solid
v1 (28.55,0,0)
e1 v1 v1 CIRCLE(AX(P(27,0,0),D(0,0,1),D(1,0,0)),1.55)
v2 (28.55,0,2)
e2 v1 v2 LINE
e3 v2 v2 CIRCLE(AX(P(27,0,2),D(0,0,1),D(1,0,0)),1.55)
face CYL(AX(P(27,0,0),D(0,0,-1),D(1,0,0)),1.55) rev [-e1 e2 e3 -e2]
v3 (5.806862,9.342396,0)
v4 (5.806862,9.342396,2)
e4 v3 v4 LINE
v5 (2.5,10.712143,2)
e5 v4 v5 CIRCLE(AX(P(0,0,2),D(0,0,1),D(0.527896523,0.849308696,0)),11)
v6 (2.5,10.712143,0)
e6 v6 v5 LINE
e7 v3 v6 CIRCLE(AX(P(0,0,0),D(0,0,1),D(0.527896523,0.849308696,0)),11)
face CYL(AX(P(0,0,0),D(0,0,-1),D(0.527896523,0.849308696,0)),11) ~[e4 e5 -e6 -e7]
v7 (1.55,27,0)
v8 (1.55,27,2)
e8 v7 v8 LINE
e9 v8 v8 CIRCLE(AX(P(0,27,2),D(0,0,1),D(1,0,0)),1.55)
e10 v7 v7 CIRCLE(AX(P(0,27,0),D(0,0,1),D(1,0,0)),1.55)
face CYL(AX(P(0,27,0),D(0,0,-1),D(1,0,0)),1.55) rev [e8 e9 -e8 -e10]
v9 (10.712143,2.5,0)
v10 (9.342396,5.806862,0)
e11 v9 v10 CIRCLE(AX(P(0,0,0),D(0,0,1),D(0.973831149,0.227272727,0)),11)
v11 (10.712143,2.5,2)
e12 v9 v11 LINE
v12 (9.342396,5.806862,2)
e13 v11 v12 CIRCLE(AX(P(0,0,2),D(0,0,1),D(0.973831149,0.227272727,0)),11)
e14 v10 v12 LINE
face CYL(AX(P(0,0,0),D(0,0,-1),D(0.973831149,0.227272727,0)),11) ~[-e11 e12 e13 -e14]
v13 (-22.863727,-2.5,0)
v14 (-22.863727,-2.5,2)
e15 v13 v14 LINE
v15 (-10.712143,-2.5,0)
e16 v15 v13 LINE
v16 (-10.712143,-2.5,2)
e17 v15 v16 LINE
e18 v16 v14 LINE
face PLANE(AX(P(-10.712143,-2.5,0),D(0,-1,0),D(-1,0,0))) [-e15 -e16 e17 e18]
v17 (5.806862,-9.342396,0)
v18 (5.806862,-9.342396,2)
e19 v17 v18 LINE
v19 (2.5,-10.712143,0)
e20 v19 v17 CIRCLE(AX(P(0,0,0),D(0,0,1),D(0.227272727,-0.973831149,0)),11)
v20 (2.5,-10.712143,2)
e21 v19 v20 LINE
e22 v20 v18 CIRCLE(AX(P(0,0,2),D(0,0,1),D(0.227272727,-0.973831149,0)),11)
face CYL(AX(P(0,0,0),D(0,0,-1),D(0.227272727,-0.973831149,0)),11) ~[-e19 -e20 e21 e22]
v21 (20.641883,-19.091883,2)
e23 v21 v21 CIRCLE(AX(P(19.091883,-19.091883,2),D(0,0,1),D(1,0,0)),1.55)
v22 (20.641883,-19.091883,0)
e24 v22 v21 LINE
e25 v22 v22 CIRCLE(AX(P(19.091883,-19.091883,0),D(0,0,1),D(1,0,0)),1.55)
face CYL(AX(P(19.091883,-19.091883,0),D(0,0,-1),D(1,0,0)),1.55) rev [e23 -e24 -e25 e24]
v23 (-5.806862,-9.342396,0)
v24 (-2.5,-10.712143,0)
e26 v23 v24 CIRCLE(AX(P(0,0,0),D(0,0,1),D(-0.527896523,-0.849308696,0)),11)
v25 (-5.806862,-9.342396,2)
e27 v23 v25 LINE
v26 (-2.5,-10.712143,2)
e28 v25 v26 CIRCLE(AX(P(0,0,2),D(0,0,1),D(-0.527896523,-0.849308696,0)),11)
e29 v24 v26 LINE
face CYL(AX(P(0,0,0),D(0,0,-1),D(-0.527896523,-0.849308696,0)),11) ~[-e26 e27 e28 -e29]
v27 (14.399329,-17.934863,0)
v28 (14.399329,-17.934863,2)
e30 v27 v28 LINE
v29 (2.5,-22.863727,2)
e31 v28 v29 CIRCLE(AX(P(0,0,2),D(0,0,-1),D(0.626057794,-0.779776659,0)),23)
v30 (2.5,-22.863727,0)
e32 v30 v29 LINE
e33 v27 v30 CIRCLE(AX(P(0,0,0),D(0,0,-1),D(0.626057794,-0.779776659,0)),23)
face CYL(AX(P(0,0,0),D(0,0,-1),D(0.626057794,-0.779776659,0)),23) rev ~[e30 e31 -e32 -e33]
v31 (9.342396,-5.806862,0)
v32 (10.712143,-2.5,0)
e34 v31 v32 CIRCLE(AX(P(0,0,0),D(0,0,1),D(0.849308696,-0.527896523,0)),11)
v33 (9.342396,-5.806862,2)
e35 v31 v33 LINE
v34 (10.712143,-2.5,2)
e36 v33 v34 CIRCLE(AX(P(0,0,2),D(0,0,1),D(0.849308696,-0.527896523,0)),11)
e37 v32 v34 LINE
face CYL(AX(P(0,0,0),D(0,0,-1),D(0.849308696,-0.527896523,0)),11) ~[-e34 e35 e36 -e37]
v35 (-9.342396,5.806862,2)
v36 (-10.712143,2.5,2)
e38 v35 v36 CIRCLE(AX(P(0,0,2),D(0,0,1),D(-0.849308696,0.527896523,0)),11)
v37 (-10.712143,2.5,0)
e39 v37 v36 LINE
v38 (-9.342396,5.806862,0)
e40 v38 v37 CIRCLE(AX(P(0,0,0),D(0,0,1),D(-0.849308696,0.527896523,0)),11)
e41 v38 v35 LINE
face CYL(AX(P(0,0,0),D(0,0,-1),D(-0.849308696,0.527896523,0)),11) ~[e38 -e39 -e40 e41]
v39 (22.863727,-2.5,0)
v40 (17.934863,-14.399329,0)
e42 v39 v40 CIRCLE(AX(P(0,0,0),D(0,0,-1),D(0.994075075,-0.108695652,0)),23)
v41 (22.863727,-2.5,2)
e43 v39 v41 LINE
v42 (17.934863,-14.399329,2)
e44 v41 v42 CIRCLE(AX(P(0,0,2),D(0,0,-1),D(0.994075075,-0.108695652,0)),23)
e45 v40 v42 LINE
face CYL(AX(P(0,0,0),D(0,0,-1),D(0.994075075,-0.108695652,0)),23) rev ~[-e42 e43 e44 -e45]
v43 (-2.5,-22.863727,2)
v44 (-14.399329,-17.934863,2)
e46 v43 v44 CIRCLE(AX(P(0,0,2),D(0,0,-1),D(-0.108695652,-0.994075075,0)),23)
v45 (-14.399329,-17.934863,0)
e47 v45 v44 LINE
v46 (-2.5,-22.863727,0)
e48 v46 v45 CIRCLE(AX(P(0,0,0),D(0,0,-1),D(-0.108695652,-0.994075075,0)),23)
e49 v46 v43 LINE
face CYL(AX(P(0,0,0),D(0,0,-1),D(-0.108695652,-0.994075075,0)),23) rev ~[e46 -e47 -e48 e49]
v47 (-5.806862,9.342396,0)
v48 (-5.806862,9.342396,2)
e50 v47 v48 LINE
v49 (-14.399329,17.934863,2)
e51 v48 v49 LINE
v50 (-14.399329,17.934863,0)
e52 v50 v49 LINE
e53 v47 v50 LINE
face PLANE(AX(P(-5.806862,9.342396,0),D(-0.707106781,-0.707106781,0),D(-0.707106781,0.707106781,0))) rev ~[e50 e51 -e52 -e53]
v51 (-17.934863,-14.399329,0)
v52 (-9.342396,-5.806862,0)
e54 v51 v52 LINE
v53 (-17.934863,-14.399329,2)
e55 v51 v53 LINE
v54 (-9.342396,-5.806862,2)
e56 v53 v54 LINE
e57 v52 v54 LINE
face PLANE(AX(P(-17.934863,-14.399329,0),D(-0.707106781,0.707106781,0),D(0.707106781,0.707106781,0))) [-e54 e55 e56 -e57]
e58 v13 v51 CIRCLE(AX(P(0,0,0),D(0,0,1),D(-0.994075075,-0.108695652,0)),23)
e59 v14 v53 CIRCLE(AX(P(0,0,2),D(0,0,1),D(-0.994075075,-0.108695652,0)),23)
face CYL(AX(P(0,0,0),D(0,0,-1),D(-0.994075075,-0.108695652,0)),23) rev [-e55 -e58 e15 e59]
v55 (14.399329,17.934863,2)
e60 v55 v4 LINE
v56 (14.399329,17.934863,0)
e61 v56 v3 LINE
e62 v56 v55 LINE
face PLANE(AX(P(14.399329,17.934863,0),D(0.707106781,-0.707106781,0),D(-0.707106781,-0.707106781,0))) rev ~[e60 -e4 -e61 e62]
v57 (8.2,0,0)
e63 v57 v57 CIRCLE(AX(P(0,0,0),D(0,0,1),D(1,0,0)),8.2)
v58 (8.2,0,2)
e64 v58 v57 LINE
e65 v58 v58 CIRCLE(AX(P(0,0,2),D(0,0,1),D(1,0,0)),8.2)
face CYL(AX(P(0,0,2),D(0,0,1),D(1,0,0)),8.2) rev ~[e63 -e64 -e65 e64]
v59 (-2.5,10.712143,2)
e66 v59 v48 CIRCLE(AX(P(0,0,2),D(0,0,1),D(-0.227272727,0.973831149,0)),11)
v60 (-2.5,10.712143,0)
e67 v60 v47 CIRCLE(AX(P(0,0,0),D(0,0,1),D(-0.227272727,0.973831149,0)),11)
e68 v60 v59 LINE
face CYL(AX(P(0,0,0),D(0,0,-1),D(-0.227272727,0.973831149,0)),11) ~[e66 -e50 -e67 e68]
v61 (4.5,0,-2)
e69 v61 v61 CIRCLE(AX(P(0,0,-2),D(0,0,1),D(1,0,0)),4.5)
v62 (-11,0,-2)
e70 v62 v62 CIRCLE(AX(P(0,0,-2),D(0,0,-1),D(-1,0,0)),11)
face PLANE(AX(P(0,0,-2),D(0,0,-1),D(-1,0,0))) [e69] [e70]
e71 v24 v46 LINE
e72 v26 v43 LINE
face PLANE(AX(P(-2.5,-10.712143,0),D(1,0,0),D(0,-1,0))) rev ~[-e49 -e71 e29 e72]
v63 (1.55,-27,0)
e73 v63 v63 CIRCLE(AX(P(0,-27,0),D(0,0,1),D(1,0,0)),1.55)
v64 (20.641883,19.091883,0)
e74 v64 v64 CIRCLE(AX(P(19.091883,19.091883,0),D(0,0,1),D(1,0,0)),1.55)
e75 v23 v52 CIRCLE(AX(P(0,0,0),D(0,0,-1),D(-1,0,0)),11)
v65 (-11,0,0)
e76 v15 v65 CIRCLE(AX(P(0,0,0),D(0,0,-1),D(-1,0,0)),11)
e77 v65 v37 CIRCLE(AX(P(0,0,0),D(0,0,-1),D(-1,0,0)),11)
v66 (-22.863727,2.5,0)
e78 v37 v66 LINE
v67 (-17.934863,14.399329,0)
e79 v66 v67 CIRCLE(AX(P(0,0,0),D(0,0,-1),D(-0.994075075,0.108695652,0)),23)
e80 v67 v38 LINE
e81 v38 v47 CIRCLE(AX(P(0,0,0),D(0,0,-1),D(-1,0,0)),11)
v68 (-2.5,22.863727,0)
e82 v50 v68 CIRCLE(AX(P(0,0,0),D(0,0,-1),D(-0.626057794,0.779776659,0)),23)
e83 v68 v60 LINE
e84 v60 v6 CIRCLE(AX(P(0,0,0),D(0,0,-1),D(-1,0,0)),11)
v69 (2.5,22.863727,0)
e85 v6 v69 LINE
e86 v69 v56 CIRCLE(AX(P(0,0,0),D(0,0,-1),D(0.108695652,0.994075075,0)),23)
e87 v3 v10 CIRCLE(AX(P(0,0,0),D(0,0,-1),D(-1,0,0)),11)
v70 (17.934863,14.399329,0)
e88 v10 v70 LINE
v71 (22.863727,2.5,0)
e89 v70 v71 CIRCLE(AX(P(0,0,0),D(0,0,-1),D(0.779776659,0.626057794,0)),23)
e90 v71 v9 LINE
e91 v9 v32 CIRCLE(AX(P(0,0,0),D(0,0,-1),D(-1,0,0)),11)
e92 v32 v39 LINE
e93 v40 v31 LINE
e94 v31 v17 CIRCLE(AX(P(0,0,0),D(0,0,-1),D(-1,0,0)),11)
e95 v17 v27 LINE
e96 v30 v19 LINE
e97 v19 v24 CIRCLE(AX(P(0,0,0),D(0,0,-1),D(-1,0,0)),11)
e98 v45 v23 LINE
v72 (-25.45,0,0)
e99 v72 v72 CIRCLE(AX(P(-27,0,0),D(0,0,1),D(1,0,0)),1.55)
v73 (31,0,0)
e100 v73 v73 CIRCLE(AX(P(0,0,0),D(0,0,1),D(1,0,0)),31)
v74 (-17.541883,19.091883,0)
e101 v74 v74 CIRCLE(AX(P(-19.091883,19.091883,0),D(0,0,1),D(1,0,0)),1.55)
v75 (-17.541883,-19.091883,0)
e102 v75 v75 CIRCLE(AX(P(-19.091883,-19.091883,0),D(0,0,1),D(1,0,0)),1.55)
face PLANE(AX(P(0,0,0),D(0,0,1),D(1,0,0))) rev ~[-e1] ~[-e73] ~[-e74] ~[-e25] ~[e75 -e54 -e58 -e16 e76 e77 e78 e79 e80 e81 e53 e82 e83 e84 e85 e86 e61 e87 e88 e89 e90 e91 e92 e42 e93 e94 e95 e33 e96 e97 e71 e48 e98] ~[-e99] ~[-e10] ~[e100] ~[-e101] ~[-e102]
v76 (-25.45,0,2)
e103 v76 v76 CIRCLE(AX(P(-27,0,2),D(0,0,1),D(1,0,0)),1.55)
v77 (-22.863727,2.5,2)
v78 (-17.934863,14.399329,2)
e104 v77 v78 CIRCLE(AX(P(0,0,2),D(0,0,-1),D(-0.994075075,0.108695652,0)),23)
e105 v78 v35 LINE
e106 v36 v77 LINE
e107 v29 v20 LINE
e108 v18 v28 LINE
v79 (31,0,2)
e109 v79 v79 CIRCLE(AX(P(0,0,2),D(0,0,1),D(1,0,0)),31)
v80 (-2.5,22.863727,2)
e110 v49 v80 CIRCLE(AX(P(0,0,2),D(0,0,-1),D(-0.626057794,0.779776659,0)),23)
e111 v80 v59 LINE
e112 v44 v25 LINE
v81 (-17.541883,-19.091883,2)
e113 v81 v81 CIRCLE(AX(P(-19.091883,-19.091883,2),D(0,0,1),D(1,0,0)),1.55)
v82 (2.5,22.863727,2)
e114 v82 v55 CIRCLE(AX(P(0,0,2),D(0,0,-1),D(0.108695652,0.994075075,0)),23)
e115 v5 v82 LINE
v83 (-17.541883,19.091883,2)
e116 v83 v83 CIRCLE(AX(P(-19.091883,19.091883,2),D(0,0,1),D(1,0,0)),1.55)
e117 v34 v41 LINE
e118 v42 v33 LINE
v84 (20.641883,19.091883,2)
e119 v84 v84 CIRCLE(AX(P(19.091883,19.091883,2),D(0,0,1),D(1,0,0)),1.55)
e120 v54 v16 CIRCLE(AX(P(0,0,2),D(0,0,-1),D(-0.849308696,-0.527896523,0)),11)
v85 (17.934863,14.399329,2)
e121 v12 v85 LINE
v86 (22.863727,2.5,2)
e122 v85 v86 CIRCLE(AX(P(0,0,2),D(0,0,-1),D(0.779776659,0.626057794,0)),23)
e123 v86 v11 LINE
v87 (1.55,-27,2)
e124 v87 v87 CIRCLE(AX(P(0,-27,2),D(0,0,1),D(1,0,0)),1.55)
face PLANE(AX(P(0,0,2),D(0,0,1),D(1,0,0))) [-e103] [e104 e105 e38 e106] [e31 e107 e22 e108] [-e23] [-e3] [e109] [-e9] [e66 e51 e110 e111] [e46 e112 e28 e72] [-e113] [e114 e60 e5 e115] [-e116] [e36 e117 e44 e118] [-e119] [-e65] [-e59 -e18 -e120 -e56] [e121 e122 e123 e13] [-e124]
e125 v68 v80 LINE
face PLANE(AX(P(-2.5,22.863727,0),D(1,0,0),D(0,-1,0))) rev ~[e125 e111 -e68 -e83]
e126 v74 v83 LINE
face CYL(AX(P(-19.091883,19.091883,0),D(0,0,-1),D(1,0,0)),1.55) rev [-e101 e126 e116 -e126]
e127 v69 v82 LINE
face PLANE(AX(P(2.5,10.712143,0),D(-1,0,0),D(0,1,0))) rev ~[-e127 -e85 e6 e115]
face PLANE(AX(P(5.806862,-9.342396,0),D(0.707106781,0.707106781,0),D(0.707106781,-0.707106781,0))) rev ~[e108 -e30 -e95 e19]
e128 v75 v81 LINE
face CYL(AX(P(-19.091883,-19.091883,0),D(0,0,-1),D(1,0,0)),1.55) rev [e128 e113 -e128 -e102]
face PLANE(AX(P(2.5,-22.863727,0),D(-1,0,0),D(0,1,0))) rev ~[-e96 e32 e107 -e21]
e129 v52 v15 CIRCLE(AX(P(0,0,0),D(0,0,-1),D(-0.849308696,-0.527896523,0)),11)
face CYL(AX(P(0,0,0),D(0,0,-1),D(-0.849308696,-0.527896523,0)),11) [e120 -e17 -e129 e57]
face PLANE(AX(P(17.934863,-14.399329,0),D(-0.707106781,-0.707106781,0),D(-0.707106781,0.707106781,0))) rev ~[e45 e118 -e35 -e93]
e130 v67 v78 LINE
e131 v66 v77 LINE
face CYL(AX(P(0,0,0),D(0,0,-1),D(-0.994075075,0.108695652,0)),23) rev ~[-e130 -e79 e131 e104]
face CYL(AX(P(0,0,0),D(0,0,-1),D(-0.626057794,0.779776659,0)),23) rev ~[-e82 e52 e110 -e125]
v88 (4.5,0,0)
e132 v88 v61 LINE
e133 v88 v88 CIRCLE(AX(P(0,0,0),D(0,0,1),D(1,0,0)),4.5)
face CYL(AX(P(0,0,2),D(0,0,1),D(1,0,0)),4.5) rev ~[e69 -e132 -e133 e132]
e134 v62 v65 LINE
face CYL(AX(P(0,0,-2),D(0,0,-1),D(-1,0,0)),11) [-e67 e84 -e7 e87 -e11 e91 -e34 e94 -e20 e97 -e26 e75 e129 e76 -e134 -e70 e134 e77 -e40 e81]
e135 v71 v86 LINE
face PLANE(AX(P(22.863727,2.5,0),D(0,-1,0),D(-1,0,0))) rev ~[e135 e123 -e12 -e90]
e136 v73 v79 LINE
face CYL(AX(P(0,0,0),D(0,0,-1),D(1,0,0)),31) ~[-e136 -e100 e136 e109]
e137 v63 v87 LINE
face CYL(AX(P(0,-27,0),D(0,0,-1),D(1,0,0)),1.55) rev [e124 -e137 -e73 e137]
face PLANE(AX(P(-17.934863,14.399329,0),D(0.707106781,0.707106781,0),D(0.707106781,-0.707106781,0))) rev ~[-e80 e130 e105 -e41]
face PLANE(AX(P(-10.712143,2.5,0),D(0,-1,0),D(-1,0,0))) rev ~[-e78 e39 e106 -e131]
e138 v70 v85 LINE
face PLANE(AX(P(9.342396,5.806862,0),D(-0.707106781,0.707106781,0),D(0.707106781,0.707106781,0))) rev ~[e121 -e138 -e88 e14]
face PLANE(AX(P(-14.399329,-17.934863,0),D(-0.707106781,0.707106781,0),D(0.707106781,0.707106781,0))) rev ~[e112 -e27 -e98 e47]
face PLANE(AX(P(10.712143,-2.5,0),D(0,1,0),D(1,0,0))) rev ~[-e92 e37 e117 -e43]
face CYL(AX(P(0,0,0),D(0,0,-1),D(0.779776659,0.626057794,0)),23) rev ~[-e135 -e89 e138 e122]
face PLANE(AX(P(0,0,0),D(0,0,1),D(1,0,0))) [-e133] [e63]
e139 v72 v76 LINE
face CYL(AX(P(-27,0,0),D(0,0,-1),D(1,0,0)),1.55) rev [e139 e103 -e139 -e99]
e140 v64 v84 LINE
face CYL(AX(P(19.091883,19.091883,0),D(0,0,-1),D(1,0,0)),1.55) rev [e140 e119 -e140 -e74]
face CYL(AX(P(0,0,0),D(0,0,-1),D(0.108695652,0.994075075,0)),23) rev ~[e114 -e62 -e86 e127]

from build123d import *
from build123d.topology import SkipClean

# Parameters (mm, degrees)
SKETCH1_R           = 31
SKETCH1_R_2         = 1.55
BOSS_EXTRUDE1_DEPTH = 2
BOSS_EXTRUDE2_START = 2
SKETCH3_R           = 11
BOSS_EXTRUDE2_DEPTH = 2
SKETCH4_R           = 4.5
CUT_EXTRUDE2_DEPTH  = 4
SKETCH2_R           = 8.2
CUT_EXTRUDE1_DEPTH  = 2


with BuildPart() as part:
    # Sketch1 → Boss-Extrude1 (new body)
    with BuildSketch(Plane.XY):
        Circle(SKETCH1_R)
        with Locations((-27, 0)):
            Circle(SKETCH1_R_2, mode=Mode.SUBTRACT)
        with Locations((-19.091883092, 19.091883092)):
            Circle(SKETCH1_R_2, mode=Mode.SUBTRACT)
        with Locations((0, 27)):
            Circle(SKETCH1_R_2, mode=Mode.SUBTRACT)
        with Locations((19.091883092, 19.091883092)):
            Circle(SKETCH1_R_2, mode=Mode.SUBTRACT)
        with Locations((27, 0)):
            Circle(SKETCH1_R_2, mode=Mode.SUBTRACT)
        with Locations((19.091883092, -19.091883092)):
            Circle(SKETCH1_R_2, mode=Mode.SUBTRACT)
        with Locations((0, -27)):
            Circle(SKETCH1_R_2, mode=Mode.SUBTRACT)
        with Locations((-19.091883092, -19.091883092)):
            Circle(SKETCH1_R_2, mode=Mode.SUBTRACT)
        with BuildLine():
            Line((-10.712142643, 2.5), (-22.86372673, 2.5))
            ThreePointArc((-22.86372673, 2.5), (-21.249229248, 8.801718944), (-17.934863167, 14.399329261))
            Line((-17.934863167, 14.399329261), (-9.342395657, 5.806861751))
            ThreePointArc((-9.342395657, 5.806861751), (-10.162674858, 4.209517756), (-10.712142643, 2.5))
        make_face(mode=Mode.SUBTRACT)
        with BuildLine():
            Line((-10.712142643, -2.5), (-22.86372673, -2.5))
            ThreePointArc((-22.86372673, -2.5), (-21.249229248, -8.801718944), (-17.934863167, -14.399329261))
            Line((-17.934863167, -14.399329261), (-9.342395657, -5.806861751))
            ThreePointArc((-9.342395657, -5.806861751), (-10.162674858, -4.209517756), (-10.712142643, -2.5))
        make_face(mode=Mode.SUBTRACT)
        with BuildLine():
            Line((-5.806861751, 9.342395657), (-14.399329261, 17.934863167))
            ThreePointArc((-14.399329261, 17.934863167), (-8.801718944, 21.249229248), (-2.5, 22.86372673))
            Line((-2.5, 22.86372673), (-2.5, 10.712142643))
            ThreePointArc((-2.5, 10.712142643), (-4.209517756, 10.162674858), (-5.806861751, 9.342395657))
        make_face(mode=Mode.SUBTRACT)
        with BuildLine():
            Line((2.5, 10.712142643), (2.5, 22.86372673))
            ThreePointArc((2.5, 22.86372673), (8.801718944, 21.249229248), (14.399329261, 17.934863167))
            Line((14.399329261, 17.934863167), (5.806861751, 9.342395657))
            ThreePointArc((5.806861751, 9.342395657), (4.209517756, 10.162674858), (2.5, 10.712142643))
        make_face(mode=Mode.SUBTRACT)
        with BuildLine():
            Line((9.342395657, 5.806861751), (17.934863167, 14.399329261))
            ThreePointArc((17.934863167, 14.399329261), (21.249229248, 8.801718944), (22.86372673, 2.5))
            Line((22.86372673, 2.5), (10.712142643, 2.5))
            ThreePointArc((10.712142643, 2.5), (10.162674858, 4.209517756), (9.342395657, 5.806861751))
        make_face(mode=Mode.SUBTRACT)
        with BuildLine():
            Line((10.712142643, -2.5), (22.86372673, -2.5))
            ThreePointArc((22.86372673, -2.5), (21.249229248, -8.801718944), (17.934863167, -14.399329261))
            Line((17.934863167, -14.399329261), (9.342395657, -5.806861751))
            ThreePointArc((9.342395657, -5.806861751), (10.162674858, -4.209517756), (10.712142643, -2.5))
        make_face(mode=Mode.SUBTRACT)
        with BuildLine():
            Line((5.806861751, -9.342395657), (14.399329261, -17.934863167))
            ThreePointArc((14.399329261, -17.934863167), (8.801718944, -21.249229248), (2.5, -22.86372673))
            Line((2.5, -22.86372673), (2.5, -10.712142643))
            ThreePointArc((2.5, -10.712142643), (4.209517756, -10.162674858), (5.806861751, -9.342395657))
        make_face(mode=Mode.SUBTRACT)
        with BuildLine():
            Line((-2.5, -10.712142643), (-2.5, -22.86372673))
            ThreePointArc((-2.5, -22.86372673), (-8.801718944, -21.249229248), (-14.399329261, -17.934863167))
            Line((-14.399329261, -17.934863167), (-5.806861751, -9.342395657))
            ThreePointArc((-5.806861751, -9.342395657), (-4.209517756, -10.162674858), (-2.5, -10.712142643))
        make_face(mode=Mode.SUBTRACT)
    extrude(amount=BOSS_EXTRUDE1_DEPTH)

    # Sketch3 → Boss-Extrude2 (add)
    with SkipClean():  # the faces are left unmerged after this step: merging them gives an invalid solid
        with BuildSketch(Plane(origin=(0, 0, 0), x_dir=(-1, 0, 0), z_dir=(0, 0, -1)).offset(BOSS_EXTRUDE2_START)):
            Circle(SKETCH3_R)
        extrude(amount=-BOSS_EXTRUDE2_DEPTH)

    # Sketch4 → Cut-Extrude2 (cut)
    with SkipClean():  # the faces are left unmerged after this step: merging them gives an invalid solid
        with BuildSketch(Plane.XY.offset(2)):
            Circle(SKETCH4_R)
        extrude(amount=-CUT_EXTRUDE2_DEPTH, mode=Mode.SUBTRACT)

    # Sketch2 → Cut-Extrude1 (cut)
    with SkipClean():  # the faces are left unmerged after this step: merging them gives an invalid solid
        with BuildSketch(Plane.XY.offset(2)):
            Circle(SKETCH2_R)
        extrude(amount=-CUT_EXTRUDE1_DEPTH, mode=Mode.SUBTRACT)


solid = part.part
